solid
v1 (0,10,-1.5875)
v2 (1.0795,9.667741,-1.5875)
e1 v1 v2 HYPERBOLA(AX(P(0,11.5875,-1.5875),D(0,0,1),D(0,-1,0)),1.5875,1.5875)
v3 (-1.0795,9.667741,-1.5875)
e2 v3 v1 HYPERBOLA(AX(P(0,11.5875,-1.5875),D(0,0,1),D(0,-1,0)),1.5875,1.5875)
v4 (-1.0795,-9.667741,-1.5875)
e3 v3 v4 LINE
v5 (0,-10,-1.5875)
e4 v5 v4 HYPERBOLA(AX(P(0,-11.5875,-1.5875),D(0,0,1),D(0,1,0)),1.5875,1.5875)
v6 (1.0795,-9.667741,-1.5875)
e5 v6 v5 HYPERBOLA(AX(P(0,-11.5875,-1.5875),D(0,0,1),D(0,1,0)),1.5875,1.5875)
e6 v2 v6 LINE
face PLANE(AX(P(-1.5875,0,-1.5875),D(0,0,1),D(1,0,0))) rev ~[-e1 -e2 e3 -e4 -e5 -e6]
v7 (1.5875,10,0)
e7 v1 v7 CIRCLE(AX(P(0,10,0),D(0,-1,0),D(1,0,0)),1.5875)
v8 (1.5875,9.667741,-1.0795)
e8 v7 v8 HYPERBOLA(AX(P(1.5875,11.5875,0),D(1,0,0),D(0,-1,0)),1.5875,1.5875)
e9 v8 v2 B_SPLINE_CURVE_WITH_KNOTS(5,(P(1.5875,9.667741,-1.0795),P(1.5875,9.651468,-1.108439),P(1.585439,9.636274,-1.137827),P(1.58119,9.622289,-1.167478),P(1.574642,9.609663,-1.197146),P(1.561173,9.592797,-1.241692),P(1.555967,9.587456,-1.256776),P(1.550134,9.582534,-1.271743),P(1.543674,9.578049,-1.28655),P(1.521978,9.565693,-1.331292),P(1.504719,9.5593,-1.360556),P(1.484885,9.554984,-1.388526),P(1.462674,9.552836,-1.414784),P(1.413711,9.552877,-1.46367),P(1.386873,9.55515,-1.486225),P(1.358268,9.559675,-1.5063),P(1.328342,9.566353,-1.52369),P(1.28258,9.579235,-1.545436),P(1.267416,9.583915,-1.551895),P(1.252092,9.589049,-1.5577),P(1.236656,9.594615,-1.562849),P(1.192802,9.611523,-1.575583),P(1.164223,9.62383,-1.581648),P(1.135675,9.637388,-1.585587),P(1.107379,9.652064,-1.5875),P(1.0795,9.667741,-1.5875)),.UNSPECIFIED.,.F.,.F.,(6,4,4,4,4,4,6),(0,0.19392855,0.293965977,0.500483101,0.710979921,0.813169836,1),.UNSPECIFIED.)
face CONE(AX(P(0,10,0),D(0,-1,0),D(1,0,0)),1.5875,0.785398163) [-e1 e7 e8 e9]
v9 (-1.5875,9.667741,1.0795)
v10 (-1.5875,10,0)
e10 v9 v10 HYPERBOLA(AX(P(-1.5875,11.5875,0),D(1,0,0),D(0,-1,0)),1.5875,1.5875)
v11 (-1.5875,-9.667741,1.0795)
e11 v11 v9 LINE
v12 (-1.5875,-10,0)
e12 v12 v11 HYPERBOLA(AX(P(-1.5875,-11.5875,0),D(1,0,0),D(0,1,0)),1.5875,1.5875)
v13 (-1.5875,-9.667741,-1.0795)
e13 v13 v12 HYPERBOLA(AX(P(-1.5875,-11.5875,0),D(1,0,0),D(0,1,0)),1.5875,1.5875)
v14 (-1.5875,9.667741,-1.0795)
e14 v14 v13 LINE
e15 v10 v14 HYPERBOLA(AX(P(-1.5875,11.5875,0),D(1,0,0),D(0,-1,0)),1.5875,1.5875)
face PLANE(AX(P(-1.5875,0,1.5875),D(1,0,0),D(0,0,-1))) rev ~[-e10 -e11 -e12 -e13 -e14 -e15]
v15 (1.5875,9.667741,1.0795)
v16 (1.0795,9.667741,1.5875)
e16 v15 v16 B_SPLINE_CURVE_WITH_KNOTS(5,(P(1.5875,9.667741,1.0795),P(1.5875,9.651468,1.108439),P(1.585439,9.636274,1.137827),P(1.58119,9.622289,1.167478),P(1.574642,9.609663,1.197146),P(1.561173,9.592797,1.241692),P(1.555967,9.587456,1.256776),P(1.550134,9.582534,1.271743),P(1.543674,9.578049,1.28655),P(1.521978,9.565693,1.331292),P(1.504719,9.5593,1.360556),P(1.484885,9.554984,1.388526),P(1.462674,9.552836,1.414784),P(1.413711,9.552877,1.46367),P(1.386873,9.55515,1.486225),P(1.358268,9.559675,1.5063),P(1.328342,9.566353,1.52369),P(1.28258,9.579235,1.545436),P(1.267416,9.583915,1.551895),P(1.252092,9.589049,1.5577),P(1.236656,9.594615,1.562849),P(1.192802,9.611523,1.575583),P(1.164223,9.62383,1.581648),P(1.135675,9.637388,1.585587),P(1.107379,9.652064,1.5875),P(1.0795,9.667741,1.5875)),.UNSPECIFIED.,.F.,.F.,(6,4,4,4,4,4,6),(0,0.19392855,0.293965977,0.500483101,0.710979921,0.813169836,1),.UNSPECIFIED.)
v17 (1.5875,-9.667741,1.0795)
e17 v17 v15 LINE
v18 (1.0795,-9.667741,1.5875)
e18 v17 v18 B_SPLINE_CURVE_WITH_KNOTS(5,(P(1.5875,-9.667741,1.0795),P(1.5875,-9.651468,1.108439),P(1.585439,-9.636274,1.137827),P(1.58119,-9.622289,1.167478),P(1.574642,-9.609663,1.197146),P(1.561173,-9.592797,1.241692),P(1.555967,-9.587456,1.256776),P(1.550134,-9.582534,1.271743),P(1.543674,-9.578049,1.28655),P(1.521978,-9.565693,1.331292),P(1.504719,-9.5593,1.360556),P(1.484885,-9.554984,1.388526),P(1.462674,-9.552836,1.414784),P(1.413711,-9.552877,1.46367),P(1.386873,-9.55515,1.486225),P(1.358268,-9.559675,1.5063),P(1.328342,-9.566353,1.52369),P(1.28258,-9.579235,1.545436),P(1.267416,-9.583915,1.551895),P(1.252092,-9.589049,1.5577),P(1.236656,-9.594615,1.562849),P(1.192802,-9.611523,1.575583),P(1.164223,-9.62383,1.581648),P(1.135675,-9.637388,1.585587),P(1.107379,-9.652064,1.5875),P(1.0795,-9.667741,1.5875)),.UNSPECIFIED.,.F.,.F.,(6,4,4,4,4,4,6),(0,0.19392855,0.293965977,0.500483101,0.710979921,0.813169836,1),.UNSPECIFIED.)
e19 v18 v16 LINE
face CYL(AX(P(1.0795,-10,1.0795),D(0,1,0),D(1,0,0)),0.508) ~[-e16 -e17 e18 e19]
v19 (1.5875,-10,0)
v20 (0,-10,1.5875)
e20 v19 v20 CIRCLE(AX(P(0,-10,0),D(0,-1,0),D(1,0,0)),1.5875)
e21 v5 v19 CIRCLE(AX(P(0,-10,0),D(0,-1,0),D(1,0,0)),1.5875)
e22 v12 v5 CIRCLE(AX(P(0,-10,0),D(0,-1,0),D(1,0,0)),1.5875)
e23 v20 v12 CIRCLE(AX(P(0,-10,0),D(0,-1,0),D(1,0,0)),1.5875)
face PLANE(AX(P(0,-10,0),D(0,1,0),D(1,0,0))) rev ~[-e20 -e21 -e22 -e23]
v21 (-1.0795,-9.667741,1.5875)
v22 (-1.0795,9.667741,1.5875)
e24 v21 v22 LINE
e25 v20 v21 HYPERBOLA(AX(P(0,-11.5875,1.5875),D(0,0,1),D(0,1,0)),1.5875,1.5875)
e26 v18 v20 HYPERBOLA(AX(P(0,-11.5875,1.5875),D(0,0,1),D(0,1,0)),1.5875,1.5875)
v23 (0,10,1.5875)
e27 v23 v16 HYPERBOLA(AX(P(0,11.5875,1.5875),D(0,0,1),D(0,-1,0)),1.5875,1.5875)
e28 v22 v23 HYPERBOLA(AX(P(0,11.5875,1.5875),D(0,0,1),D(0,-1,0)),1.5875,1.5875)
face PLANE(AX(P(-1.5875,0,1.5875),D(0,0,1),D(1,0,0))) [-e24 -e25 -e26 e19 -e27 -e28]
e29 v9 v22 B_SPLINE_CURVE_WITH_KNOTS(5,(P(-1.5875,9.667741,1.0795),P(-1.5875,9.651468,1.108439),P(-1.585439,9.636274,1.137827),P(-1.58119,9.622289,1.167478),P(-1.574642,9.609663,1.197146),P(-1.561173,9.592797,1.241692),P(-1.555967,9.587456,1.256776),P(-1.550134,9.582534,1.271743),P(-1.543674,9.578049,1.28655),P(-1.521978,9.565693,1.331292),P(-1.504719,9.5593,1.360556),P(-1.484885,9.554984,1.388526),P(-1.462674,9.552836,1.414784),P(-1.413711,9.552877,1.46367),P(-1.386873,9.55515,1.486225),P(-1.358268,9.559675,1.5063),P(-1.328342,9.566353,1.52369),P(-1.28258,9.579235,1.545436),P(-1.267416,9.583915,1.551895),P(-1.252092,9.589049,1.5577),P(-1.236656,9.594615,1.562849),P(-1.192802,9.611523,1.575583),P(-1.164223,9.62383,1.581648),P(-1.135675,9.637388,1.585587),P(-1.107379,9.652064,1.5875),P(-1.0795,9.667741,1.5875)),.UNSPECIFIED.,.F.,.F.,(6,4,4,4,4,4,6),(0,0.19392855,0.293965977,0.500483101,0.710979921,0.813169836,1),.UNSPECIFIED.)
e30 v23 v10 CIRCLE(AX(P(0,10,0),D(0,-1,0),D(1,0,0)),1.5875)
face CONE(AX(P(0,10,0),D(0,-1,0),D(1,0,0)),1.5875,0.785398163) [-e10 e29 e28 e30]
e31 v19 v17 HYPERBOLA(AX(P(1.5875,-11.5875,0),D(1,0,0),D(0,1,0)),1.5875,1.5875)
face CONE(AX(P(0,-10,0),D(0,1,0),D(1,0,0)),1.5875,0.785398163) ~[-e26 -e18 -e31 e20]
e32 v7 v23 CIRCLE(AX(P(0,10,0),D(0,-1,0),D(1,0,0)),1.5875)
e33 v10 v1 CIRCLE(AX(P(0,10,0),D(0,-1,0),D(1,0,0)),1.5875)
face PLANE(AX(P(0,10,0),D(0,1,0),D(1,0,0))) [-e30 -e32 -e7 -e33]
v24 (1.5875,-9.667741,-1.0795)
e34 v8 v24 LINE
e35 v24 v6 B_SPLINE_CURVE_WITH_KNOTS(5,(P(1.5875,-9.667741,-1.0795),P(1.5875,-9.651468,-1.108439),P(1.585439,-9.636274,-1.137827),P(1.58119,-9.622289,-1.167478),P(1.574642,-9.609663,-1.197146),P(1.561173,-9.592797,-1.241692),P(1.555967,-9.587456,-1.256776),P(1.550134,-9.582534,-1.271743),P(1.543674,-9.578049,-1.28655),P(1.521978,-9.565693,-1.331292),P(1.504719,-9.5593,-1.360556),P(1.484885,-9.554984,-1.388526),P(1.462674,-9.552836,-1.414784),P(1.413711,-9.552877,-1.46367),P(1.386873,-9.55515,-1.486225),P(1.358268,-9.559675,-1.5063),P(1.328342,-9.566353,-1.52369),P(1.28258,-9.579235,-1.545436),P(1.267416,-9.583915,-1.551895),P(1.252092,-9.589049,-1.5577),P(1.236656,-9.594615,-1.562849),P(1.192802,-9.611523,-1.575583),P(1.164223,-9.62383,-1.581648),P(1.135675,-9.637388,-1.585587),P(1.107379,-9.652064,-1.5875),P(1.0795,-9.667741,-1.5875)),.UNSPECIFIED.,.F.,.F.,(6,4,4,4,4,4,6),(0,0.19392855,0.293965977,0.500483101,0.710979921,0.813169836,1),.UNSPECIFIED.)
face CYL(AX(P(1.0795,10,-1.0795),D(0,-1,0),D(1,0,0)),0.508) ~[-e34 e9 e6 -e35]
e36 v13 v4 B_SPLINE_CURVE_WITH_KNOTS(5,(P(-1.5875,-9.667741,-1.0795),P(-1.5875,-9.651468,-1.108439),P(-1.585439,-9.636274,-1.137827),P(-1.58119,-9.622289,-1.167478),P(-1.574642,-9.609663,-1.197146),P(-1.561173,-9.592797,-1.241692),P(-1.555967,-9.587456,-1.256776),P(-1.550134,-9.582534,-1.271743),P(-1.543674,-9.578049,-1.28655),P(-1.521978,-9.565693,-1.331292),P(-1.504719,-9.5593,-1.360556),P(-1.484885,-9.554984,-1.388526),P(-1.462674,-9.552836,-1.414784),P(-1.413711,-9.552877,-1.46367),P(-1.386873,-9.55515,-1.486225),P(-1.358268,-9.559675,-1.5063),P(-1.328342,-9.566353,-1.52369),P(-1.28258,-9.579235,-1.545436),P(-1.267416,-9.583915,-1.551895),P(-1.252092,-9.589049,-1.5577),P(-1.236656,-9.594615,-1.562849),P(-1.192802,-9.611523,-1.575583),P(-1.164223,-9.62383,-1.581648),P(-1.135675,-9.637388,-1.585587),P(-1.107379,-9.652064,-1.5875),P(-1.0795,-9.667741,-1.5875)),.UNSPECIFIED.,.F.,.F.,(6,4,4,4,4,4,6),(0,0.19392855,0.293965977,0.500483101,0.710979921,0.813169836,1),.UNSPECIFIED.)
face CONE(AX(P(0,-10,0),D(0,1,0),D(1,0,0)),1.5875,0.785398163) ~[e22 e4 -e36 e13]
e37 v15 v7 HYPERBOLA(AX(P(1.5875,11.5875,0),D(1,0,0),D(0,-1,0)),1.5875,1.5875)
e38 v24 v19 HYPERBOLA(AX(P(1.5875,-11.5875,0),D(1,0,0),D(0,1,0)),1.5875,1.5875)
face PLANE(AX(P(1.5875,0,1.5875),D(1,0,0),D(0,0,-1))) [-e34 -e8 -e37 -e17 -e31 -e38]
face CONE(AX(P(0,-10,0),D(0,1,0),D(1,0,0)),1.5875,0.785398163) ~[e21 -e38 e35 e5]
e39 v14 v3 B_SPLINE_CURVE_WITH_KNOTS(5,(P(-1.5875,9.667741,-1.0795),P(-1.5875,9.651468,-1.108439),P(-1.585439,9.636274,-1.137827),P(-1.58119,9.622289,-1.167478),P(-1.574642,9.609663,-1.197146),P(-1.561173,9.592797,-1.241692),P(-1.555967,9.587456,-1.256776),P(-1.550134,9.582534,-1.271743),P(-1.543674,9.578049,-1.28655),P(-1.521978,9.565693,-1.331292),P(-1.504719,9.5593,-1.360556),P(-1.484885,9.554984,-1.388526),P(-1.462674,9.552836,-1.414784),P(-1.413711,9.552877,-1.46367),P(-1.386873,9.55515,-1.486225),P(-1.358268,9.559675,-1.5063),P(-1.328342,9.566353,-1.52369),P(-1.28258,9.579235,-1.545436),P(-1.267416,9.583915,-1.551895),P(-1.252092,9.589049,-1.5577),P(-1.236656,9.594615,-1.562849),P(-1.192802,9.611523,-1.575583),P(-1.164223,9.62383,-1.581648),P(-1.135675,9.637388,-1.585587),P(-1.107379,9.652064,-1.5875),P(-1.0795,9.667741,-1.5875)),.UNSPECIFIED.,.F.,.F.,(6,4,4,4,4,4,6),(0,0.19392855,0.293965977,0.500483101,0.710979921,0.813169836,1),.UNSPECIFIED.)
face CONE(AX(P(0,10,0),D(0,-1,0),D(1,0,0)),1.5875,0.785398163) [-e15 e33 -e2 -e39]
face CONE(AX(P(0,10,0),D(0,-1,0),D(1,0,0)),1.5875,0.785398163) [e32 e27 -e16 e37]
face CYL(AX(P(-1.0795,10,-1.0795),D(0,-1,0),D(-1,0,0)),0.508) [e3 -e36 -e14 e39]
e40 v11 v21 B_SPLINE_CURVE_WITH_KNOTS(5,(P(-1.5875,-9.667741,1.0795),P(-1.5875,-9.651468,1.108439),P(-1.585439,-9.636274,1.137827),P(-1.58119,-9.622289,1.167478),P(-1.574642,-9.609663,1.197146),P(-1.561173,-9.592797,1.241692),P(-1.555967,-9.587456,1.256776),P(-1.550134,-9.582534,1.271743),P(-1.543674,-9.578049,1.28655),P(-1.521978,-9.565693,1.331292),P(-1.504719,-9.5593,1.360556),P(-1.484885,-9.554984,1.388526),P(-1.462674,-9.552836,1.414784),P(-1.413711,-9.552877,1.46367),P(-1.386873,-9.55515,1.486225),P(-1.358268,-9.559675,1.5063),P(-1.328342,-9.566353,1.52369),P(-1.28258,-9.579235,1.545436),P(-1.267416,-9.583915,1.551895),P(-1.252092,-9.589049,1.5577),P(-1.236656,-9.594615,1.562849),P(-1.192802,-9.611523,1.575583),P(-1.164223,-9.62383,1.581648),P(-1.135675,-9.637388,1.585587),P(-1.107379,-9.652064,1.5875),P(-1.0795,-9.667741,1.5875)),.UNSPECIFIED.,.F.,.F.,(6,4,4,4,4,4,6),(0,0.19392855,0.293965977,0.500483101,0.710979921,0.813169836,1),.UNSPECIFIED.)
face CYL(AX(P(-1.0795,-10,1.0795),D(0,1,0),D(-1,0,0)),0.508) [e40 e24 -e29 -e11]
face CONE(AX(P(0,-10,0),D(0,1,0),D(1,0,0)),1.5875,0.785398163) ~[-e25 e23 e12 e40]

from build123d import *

# Parameters (mm, degrees)
SKETCH1_W           = 3.175
SKETCH1_H           = 3.175
BOSS_EXTRUDE1_DEPTH = 10
FILLET1_R           = 0.508


with BuildPart() as part:
    # Sketch1 → Boss-Extrude1 (new, symmetric)
    with BuildSketch(Plane(origin=(0, 0, 0), x_dir=(1, 0, 0), z_dir=(0, 1, 0))):
        Rectangle(SKETCH1_W, SKETCH1_H)
    extrude(amount=BOSS_EXTRUDE1_DEPTH, both=True)

    # Fillet1
    fillet1_edges = [part.edges().sort_by_distance(p)[0] for p in [
        (1.5875, 0, 1.5875),
        (-1.5875, 0, 1.5875),
        (-1.5875, 0, -1.5875),
        (1.5875, 0, -1.5875),
    ]]
    fillet(fillet1_edges, radius=FILLET1_R)

    # Sketch3 → Cut-Revolve3 (revolve, cut)
    with BuildSketch(Plane.XY):
        Polygon((1.5875, -10), (2.294606781, -9.292893219), (2.294606781, -11), (1.5875, -11), align=None)
    cut_revolve3 = revolve(axis=Axis((0, 0, 0), (0, -1, 0)), mode=Mode.SUBTRACT)

    # Mirror1: Cut-Revolve3 across plane
    add(cut_revolve3.mirror(Plane.ZX), mode=Mode.SUBTRACT)


solid = part.part
